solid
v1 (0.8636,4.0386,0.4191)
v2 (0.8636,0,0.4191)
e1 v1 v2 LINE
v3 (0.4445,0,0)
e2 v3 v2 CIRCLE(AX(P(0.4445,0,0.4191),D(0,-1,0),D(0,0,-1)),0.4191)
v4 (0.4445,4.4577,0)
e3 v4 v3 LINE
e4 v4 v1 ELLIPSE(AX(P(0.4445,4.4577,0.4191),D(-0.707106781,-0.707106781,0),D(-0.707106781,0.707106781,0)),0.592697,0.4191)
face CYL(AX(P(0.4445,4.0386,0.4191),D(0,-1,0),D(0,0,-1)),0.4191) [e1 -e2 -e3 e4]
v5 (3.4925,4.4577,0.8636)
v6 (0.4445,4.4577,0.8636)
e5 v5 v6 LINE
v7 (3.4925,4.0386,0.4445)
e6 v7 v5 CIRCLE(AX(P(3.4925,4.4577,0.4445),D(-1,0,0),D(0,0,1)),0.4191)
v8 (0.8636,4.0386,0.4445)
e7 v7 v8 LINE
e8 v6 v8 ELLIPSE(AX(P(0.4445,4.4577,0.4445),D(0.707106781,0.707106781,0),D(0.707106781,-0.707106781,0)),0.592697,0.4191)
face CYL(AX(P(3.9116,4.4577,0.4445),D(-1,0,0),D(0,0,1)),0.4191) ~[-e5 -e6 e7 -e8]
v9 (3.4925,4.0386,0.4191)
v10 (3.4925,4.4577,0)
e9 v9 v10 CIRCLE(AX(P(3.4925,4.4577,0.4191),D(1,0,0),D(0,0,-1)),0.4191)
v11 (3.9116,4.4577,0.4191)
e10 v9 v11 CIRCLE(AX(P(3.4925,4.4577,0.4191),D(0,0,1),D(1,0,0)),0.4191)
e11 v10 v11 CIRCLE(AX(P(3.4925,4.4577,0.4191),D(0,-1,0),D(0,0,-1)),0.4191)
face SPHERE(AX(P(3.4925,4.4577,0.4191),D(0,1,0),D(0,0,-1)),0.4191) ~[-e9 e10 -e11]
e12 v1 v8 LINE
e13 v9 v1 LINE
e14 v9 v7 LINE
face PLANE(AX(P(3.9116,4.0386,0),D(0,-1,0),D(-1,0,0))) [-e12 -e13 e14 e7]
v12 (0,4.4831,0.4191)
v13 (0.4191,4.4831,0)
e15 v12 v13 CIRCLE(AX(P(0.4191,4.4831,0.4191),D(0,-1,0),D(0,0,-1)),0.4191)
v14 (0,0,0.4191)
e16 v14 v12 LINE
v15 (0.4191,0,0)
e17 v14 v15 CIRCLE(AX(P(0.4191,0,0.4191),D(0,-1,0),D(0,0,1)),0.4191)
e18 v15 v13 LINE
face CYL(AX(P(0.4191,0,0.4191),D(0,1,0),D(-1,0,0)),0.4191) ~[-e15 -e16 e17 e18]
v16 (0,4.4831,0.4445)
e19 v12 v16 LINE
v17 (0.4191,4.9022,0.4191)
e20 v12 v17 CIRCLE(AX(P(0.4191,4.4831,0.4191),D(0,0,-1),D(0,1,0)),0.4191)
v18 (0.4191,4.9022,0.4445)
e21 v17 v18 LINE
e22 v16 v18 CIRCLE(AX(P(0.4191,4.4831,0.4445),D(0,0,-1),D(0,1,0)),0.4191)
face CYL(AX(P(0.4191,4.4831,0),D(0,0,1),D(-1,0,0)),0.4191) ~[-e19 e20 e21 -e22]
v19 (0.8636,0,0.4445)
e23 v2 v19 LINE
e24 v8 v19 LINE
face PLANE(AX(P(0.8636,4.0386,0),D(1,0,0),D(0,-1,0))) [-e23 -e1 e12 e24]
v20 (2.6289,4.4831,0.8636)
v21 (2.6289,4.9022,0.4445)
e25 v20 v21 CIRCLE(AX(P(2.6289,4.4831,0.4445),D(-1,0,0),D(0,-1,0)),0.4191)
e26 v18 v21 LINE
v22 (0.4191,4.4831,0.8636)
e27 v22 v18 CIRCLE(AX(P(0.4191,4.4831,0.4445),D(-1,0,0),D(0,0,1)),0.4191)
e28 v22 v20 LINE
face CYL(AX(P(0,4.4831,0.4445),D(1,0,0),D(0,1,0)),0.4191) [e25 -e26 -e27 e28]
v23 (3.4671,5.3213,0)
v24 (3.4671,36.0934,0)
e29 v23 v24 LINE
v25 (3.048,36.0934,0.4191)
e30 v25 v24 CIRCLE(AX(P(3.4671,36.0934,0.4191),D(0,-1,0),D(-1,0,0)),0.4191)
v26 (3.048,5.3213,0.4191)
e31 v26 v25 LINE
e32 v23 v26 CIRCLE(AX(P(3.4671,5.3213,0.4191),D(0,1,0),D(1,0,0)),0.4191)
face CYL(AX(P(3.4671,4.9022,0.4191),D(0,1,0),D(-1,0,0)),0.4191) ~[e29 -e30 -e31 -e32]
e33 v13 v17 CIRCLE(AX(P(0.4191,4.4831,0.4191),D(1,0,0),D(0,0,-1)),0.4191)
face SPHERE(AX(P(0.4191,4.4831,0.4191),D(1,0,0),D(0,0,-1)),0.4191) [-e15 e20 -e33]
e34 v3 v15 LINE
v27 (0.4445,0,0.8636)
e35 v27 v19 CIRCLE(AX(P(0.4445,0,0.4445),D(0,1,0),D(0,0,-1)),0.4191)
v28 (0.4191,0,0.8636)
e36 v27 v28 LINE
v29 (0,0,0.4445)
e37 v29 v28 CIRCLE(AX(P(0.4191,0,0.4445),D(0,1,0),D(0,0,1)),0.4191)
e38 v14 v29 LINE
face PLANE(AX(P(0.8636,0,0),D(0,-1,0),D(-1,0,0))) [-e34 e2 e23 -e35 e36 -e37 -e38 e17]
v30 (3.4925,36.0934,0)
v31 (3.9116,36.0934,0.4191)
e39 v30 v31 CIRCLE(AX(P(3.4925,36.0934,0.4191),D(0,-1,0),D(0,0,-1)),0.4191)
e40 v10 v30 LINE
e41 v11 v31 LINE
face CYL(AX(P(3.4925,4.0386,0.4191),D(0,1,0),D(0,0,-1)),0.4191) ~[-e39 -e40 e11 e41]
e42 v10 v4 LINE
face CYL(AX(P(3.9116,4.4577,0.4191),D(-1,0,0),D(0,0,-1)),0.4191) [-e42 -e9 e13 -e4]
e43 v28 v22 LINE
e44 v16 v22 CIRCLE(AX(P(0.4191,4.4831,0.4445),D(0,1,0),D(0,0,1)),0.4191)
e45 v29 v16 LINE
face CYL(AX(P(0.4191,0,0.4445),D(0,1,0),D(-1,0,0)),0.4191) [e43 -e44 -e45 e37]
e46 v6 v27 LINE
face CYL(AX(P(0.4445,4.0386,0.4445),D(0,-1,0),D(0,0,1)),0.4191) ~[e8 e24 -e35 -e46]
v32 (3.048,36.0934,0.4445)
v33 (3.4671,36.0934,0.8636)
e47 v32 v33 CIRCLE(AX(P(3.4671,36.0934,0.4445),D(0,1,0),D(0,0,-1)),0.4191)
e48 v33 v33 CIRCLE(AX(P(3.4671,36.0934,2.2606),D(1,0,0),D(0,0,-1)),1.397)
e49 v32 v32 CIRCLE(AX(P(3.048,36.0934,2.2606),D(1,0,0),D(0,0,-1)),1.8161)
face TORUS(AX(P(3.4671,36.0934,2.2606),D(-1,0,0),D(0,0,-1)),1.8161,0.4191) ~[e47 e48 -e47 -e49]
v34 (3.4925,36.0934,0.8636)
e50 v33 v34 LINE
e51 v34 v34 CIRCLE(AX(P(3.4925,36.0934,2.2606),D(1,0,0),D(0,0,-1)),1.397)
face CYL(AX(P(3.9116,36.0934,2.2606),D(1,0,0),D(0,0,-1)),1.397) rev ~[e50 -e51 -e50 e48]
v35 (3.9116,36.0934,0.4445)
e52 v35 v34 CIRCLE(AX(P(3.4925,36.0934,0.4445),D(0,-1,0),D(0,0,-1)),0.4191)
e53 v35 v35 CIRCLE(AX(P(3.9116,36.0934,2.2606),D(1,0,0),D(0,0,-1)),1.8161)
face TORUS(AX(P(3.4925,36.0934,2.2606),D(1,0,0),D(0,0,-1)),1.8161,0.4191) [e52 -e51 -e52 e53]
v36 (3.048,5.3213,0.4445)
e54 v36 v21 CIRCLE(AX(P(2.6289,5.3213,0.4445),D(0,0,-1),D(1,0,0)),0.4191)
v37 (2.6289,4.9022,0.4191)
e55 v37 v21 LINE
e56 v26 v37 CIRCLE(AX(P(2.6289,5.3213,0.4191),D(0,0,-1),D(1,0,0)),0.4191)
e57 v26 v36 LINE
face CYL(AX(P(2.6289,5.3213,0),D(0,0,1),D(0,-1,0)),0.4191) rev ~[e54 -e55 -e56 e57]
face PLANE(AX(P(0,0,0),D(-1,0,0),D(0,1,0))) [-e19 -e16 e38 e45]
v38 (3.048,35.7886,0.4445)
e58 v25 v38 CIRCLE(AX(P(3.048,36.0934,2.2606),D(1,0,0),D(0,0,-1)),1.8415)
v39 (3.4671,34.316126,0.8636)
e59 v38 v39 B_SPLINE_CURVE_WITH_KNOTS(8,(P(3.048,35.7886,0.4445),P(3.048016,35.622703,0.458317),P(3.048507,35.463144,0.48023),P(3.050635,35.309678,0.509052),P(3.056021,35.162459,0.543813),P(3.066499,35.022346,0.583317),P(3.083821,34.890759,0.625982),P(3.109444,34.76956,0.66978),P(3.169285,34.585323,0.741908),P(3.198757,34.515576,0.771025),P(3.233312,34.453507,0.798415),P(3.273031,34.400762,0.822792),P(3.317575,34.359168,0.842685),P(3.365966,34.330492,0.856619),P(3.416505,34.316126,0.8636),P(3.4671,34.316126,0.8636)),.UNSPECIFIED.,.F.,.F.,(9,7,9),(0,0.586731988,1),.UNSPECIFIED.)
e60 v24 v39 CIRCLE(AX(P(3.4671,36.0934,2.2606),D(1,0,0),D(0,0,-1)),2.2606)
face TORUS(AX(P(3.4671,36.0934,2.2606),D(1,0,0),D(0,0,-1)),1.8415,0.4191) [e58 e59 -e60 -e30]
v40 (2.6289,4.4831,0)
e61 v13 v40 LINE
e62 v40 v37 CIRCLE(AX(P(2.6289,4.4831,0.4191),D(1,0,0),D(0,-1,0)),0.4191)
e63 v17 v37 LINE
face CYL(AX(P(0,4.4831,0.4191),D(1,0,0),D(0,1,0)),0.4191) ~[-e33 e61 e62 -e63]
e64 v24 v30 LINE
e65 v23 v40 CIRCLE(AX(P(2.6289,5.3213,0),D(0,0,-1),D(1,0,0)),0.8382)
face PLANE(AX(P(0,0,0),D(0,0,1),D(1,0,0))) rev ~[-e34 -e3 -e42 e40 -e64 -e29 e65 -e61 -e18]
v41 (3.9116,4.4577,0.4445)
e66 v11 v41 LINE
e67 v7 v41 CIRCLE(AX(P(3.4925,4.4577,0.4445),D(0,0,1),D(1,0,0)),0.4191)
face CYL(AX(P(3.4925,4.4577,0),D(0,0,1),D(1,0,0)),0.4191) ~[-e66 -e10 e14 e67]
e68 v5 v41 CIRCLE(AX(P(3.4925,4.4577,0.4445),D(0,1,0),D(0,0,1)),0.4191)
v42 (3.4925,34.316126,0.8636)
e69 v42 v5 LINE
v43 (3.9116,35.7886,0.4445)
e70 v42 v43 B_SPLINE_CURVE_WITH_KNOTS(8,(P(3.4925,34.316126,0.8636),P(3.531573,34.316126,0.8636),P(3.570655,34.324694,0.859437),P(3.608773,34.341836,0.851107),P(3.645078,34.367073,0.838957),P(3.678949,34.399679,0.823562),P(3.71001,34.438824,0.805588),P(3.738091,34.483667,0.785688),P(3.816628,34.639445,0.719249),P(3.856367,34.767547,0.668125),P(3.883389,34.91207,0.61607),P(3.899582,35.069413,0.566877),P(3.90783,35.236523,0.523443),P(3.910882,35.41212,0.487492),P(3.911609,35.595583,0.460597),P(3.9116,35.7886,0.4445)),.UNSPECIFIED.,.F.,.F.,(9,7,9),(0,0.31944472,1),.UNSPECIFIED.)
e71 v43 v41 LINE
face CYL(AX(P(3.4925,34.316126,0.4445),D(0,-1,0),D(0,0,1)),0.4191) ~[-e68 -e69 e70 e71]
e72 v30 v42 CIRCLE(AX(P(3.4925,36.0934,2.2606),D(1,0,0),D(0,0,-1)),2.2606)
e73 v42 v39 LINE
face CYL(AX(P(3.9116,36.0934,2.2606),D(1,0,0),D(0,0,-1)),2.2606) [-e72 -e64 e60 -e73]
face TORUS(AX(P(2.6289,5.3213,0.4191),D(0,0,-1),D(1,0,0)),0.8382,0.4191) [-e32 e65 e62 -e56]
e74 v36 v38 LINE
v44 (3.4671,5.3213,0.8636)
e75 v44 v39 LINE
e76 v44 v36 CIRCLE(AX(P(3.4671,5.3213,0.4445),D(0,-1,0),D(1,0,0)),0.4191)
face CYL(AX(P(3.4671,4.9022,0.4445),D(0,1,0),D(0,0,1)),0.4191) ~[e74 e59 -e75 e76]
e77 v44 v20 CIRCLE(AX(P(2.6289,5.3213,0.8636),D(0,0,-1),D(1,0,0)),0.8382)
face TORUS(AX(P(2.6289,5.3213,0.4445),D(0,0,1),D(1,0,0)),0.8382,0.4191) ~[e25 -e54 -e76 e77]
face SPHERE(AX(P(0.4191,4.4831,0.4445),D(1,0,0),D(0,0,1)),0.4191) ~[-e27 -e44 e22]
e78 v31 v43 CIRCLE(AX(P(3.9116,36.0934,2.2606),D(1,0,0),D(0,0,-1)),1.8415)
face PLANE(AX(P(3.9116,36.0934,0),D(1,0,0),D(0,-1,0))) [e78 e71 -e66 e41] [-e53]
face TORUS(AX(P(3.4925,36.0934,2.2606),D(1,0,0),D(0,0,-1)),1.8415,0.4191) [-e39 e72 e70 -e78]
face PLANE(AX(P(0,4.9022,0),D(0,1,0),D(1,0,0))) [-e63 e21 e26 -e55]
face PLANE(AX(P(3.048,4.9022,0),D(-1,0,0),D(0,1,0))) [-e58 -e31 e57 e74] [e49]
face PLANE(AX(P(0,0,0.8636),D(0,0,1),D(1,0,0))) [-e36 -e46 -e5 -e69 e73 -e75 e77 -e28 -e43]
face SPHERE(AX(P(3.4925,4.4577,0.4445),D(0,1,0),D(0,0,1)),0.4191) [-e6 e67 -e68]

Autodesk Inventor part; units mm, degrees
ref_plane "YZ Plane" through (0, 0, 0) normal (1, 0, 0) x (0, 1, 0)
ref_plane "XZ Plane" through (0, 0, 0) normal (0, 1, 0) x (-1, 0, 0)
ref_plane "XY Plane" through (0, 0, 0) normal (0, 0, 1) x (1, 0, 0)
sketch "Sketch1" plane through (0, 0, 0) normal (0, 0, 1) x (1, 0, 0)
  line L0 (0, 0) -> (0, 4.9022)
  line L1 (0, 4.9022) -> (3.048, 4.9022)
  line L2 (3.048, 4.9022) -> (3.048, 36.0934)
  line L3 (3.048, 36.0934) -> (3.9116, 36.0934)
  line L4 (3.9116, 36.0934) -> (3.9116, 4.0386)
  line L5 (3.9116, 4.0386) -> (0.8636, 4.0386)
  line L6 (0.8636, 4.0386) -> (0.8636, 0)
  line L7 (0.8636, 0) -> (0, 0)
  dimension "d4" = 3.9116
  dimension "d5" = 4.9022
  dimension "d6" = 32.0548
  dimension "d9" = 0.8636
  dimension "d10" = 0.8636
  dimension "d11" = 0.8636
extrude "Extrusion1" add sketch "Sketch1" along normal blind 0.8636
sketch "Sketch2" plane through (3.9116, 4.0386, 0) normal (1, 0, 0) x (0, 0, -1)
  line L0 (0, 0.8636) -> (0, 32.0548) projected
  line L1 (-0.8636, 0) -> (-0.8636, 32.0548) projected
  circle A0 centre (-2.2606, 32.0548) radius 1.397
  circle A1 centre (-2.2606, 32.0548) radius 2.2606
  point P0 (0, -4.0386)
  dimension "d12" = 2.794
extrude "Extrusion3" add sketch "Sketch2" against normal up to surface (0.8636 mm away)
fillet "Fillet1" radius 0.4191 19 edges at (3.9116, 37.0814, 4.2939) (3.9116, 20.066, 0) (3.048, 37.0814, 4.2939) (3.048, 20.4978, 0) (3.9116, 19.1774, 0.8636) (3.048, 19.6092, 0.8636) (1.524, 4.9022, 0) (2.3876, 4.0386, 0) (1.524, 4.9022, 0.8636) (0.8636, 2.0193, 0) (0, 2.4511, 0) (0.8636, 2.0193, 0.8636) (0, 2.4511, 0.8636) (2.3876, 4.0386, 0.8636) (0, 4.9022, 0.4318) (3.9116, 4.0386, 0.4318) (3.048, 4.9022, 0.4318) (3.9116, 36.0934, 3.6576) (3.048, 36.0934, 3.6576)
equation "\"d10\" = d9"
equation "\"d11\" = d9"
properties part number "rod"
